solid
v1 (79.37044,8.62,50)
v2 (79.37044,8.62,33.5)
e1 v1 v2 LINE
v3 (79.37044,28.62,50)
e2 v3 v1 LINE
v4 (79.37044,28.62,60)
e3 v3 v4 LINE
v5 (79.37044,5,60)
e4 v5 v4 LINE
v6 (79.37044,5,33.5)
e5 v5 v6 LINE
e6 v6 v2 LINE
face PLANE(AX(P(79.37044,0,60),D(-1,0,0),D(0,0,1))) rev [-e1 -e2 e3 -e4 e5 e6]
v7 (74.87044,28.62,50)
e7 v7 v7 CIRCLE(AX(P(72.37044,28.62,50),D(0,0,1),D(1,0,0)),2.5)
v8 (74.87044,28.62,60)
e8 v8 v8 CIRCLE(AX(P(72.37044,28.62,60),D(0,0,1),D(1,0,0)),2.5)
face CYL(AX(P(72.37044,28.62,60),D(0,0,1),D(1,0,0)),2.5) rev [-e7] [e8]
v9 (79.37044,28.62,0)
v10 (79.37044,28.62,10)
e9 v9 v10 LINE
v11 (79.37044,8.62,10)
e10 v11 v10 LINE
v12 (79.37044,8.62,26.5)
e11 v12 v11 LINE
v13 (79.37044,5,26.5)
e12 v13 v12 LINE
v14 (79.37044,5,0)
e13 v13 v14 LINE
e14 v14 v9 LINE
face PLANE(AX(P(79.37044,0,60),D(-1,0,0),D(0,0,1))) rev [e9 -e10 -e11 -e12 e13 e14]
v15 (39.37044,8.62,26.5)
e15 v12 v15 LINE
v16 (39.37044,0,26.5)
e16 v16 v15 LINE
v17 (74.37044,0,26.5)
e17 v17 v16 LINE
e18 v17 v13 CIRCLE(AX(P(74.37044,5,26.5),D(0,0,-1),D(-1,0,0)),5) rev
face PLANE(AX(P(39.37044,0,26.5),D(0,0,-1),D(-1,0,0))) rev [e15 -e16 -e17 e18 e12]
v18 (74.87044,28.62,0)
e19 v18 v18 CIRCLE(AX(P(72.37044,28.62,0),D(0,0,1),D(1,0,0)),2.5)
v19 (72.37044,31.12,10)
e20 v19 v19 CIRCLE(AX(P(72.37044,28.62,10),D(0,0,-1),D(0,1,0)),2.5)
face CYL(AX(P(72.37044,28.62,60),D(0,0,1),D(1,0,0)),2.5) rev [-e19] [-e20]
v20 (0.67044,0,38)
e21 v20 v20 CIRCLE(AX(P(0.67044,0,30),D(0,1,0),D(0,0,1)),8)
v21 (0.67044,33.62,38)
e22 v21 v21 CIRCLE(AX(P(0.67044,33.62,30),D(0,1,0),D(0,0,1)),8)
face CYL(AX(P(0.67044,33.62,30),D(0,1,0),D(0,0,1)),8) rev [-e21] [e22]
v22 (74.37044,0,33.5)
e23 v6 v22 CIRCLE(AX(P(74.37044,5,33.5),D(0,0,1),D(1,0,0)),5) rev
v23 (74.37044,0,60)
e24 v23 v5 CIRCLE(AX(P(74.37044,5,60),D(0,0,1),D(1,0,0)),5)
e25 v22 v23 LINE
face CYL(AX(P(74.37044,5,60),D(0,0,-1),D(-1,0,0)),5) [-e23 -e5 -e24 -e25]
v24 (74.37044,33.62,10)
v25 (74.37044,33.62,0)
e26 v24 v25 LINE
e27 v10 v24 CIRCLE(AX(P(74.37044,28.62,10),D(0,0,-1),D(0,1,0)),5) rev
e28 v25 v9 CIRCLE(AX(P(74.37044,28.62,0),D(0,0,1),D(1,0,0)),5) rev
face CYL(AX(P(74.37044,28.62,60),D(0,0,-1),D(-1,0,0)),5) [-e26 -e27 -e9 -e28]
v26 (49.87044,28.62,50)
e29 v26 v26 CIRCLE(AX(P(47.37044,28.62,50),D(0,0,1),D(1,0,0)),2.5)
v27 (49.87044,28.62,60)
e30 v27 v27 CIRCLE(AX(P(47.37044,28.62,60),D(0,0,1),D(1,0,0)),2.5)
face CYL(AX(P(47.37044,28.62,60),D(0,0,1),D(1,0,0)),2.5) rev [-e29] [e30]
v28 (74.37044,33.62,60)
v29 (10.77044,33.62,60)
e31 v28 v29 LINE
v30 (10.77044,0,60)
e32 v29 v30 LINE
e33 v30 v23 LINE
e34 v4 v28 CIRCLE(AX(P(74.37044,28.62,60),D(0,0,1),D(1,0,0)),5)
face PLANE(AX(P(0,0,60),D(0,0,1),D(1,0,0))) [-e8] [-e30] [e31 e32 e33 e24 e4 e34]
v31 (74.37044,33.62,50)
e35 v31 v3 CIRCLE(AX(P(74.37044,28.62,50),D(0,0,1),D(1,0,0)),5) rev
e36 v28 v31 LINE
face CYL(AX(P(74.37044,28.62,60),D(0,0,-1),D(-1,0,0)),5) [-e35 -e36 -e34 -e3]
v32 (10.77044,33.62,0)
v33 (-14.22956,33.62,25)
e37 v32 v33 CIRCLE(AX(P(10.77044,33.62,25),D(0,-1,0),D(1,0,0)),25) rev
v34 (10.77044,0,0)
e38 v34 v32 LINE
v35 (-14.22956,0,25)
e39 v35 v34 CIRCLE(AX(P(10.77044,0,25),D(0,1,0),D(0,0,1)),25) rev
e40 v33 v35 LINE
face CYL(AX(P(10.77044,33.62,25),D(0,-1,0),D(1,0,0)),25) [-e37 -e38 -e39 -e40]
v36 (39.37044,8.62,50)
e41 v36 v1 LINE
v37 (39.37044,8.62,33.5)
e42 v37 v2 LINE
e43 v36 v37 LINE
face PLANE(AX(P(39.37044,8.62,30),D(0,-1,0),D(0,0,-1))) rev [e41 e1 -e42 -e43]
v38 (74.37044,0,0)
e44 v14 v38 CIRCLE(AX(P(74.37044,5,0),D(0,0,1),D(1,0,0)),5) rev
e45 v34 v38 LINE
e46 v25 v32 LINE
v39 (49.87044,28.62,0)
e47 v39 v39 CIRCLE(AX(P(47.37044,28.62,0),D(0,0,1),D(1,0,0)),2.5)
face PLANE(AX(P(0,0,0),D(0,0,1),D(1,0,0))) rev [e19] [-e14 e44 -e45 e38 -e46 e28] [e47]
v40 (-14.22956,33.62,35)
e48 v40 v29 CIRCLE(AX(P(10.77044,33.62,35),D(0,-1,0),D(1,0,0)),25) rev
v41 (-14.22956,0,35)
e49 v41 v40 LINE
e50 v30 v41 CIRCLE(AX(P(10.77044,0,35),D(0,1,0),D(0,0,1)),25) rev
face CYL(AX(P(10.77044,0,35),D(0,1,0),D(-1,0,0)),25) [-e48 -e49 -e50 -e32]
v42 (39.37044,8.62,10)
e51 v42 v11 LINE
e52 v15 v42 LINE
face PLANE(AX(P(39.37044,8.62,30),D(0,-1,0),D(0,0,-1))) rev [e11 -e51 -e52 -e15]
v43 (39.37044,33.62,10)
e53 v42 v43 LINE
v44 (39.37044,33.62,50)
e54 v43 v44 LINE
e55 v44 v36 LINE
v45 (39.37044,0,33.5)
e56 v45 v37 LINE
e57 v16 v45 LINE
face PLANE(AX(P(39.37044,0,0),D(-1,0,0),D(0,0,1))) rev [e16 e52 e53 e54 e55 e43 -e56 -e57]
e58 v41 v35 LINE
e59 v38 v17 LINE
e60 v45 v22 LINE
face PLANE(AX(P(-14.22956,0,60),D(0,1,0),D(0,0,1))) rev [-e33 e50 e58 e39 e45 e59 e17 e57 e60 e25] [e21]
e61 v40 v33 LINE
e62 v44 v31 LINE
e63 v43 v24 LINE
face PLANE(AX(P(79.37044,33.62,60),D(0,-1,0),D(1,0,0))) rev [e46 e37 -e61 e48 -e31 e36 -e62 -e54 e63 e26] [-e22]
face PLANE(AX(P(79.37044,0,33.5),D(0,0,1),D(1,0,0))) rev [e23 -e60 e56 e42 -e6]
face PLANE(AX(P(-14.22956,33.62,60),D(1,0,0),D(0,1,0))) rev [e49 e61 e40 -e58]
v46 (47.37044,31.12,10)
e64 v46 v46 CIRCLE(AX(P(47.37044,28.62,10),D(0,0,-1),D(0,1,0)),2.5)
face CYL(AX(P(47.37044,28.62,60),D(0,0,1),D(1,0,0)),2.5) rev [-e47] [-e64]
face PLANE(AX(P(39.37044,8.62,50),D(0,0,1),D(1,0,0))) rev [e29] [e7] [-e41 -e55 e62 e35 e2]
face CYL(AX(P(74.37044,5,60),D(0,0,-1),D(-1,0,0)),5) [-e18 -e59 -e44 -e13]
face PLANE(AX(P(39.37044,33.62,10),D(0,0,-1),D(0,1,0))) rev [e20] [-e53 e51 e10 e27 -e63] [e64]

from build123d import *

# Parameters (mm, degrees)
SKETCH1_W                  = 93.6
SKETCH1_H                  = 33.62
BOSS_EXTRUDE2_DEPTH        = 60
CUT_EXTRUDE2_DEPTH         = 40
FILLET2_R                  = 25
F_16_0_16_DIAMETER_HOLE2_D = 16
FILLET3_R                  = 5
SKETCH13_W                 = 40
SKETCH13_H                 = 7
CUT_EXTRUDE3_DEPTH         = 103.58979849
F_5_0_5_DIAMETER_HOLE1_D   = 5


with BuildPart() as part:
    # Sketch1 → Boss-Extrude2 (new body)
    with BuildSketch(Plane.XY):
        with Locations((32.570440053, 16.81)):
            Rectangle(SKETCH1_W, SKETCH1_H)
    extrude(amount=BOSS_EXTRUDE2_DEPTH)

    # Sketch8 → Cut-Extrude2 (cut)
    with BuildSketch(Plane(origin=(79.370440053, 0, 0), x_dir=(0, 0, -1), z_dir=(1, 0, 0))):
        Polygon((-30, 8.62), (-10, 8.62), (-10, 33.62), (-50, 33.62), (-50, 8.62), align=None)
    extrude(amount=-CUT_EXTRUDE2_DEPTH, mode=Mode.SUBTRACT)

    # Fillet2
    fillet2_edges = [part.edges().sort_by_distance(p)[0] for p in [
        (-14.229559947, 16.81, 60),
        (-14.229559947, 16.81, 0),
    ]]
    fillet(fillet2_edges, radius=FILLET2_R)

    # Ø16.0 (16) Diameter Hole2 (through all)
    with Locations(Plane(origin=(0.670440053, 33.62, 30), x_dir=(1, 0, 0), z_dir=(0, 1, 0))):
        with Locations((0, 0)):
            Hole(F_16_0_16_DIAMETER_HOLE2_D / 2)

    # Fillet3
    fillet3_edges = [part.edges().sort_by_distance(p)[0] for p in [
        (79.370440053, 33.62, 5),
        (79.370440053, 33.62, 55),
        (79.370440053, 0, 30),
    ]]
    fillet(fillet3_edges, radius=FILLET3_R)

    # Sketch13 → Cut-Extrude3 (cut, through all)
    with BuildSketch(Plane(origin=(0, 8.62, 0), x_dir=(1, 0, 0), z_dir=(0, 1, 0))):
        with Locations((59.370440053, -30)):
            Rectangle(SKETCH13_W, SKETCH13_H)
    extrude(amount=-CUT_EXTRUDE3_DEPTH, mode=Mode.SUBTRACT)

    # Ø5.0 (5) Diameter Hole1 (through all)
    with Locations(Plane(origin=(72.370440053, 28.62, 60), x_dir=(1, 0, 0), z_dir=(0, 0, 1))):
        with Locations((0, 0), (-25, 0)):
            Hole(F_5_0_5_DIAMETER_HOLE1_D / 2)


solid = part.part
